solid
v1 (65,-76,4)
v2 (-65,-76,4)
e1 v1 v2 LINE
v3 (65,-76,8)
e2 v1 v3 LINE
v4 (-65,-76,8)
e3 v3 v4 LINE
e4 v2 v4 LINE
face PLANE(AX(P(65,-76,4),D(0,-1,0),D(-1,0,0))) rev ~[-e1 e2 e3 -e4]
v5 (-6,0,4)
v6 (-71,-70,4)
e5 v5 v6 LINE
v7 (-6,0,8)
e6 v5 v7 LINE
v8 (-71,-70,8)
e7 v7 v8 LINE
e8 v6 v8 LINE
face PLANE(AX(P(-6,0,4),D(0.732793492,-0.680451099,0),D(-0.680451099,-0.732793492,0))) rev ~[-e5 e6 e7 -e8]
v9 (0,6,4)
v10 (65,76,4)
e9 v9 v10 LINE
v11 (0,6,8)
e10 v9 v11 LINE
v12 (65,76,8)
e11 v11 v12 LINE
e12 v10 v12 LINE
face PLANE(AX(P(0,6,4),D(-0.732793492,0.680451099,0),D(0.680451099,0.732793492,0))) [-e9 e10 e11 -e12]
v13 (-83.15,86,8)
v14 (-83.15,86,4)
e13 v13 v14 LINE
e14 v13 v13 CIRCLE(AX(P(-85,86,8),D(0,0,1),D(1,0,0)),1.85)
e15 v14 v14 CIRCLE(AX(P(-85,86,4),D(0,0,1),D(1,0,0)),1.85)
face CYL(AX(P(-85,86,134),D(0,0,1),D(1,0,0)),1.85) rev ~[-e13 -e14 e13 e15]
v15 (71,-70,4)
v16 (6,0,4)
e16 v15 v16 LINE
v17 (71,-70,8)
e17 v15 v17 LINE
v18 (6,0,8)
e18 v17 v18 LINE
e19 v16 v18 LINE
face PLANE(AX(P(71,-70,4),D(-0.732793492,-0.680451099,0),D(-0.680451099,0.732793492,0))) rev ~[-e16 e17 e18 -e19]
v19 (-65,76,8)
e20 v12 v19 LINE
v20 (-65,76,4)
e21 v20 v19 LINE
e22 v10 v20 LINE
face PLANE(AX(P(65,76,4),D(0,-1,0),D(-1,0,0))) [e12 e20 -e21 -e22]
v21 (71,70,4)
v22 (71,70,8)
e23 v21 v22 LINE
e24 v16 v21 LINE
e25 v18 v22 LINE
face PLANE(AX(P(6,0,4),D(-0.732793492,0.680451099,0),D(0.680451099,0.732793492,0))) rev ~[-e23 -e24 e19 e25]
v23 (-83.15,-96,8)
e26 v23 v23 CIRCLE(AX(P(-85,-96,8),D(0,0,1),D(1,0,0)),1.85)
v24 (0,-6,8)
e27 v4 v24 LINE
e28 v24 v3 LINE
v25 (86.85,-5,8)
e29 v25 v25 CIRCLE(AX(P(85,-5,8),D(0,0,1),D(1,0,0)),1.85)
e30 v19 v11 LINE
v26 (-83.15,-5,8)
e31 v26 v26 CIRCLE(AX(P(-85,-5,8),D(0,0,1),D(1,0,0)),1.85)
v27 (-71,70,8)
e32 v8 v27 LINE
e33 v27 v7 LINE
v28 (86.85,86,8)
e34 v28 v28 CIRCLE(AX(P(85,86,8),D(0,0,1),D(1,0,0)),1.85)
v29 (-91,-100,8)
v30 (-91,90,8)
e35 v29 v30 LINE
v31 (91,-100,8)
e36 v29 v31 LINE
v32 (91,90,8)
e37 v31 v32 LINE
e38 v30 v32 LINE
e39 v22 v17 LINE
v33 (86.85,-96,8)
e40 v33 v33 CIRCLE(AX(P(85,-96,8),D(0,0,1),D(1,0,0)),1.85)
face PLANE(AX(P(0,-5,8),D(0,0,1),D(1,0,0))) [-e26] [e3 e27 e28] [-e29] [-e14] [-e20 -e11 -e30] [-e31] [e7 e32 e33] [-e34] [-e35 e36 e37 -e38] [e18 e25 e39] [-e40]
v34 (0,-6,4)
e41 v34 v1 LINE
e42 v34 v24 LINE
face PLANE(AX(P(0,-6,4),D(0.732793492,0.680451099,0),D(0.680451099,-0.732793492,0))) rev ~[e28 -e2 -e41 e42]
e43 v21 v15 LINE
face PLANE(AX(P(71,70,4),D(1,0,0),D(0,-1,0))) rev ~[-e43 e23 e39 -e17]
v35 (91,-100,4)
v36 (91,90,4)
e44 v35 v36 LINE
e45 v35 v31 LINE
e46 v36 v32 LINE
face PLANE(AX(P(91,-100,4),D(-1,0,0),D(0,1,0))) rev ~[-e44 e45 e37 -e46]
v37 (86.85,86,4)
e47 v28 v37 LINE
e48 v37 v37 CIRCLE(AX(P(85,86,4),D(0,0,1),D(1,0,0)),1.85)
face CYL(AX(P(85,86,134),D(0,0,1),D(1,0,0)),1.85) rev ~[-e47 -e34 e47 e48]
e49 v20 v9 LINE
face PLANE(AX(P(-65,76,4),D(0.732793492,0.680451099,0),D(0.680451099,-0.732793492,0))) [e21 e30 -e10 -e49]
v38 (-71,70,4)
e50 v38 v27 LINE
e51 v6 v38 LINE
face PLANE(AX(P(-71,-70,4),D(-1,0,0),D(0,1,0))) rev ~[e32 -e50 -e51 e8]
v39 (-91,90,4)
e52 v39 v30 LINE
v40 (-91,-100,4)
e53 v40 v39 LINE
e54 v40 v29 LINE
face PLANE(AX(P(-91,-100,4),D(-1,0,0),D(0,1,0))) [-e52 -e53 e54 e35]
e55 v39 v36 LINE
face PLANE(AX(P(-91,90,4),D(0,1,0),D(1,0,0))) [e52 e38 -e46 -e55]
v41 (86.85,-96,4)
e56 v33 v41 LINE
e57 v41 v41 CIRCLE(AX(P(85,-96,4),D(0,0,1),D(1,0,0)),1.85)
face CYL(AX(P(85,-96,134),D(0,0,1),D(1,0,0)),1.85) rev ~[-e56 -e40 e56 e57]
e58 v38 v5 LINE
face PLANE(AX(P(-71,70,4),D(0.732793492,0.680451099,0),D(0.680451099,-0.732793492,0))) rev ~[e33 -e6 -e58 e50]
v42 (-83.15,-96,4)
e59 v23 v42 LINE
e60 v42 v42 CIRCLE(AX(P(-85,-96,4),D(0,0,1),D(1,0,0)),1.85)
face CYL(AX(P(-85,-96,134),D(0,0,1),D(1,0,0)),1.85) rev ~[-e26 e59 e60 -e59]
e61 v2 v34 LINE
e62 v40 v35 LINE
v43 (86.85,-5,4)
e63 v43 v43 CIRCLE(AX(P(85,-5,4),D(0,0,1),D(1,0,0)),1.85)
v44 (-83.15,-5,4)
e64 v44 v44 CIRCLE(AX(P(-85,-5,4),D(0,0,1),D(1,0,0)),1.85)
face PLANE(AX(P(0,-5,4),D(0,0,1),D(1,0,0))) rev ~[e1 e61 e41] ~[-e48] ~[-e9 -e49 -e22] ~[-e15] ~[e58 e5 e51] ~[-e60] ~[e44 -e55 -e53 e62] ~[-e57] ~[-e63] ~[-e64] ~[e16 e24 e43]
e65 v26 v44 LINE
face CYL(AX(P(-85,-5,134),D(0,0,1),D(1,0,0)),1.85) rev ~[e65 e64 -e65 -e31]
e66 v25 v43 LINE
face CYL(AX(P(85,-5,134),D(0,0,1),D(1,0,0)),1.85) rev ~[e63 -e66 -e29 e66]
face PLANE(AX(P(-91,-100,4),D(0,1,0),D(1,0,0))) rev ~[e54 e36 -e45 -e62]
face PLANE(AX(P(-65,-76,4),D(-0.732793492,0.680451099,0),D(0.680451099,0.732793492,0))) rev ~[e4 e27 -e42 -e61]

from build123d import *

# Parameters (mm, degrees)
SKETCH001_W            = 182
SKETCH001_H            = 190
PAD_DEPTH              = 4
SKETCH154_R            = 1.85
POCKET004_DEPTH        = 130.001
LINEARPATTERN005_COUNT = 3
LINEARPATTERN005_PITCH = 91


with BuildPart() as part:
    # Sketch001 → Pad (new body)
    with BuildSketch(Plane.XY):
        with Locations((0, -5)):
            Rectangle(SKETCH001_W, SKETCH001_H)
        Polygon((-65, 76), (0, 6), (65, 76), align=None, mode=Mode.SUBTRACT)
        Polygon((-71, 70), (-6, 0), (-71, -70), align=None, mode=Mode.SUBTRACT)
        Polygon((-65, -76), (0, -6), (65, -76), align=None, mode=Mode.SUBTRACT)
        Polygon((71, -70), (6, 0), (71, 70), align=None, mode=Mode.SUBTRACT)
    extrude(amount=PAD_DEPTH)

    # Sketch154 → Pocket004 (cut, through all)
    with BuildSketch(Plane.XY.offset(130)):
        with Locations((-85, 86)):
            Circle(SKETCH154_R)
        with Locations((85, 86)):
            Circle(SKETCH154_R)
    pocket004 = extrude(amount=-POCKET004_DEPTH, mode=Mode.SUBTRACT)

    # LinearPattern005: Pocket004 ×3
    with Locations(*[(0, -i * LINEARPATTERN005_PITCH, 0) for i in range(1, LINEARPATTERN005_COUNT)]):
        add(pocket004, mode=Mode.SUBTRACT)


with BuildPart() as part_1:
    # Body placement: moved
    add(part.part.moved(Location((0, 0, 4))))


solid = part_1.part
